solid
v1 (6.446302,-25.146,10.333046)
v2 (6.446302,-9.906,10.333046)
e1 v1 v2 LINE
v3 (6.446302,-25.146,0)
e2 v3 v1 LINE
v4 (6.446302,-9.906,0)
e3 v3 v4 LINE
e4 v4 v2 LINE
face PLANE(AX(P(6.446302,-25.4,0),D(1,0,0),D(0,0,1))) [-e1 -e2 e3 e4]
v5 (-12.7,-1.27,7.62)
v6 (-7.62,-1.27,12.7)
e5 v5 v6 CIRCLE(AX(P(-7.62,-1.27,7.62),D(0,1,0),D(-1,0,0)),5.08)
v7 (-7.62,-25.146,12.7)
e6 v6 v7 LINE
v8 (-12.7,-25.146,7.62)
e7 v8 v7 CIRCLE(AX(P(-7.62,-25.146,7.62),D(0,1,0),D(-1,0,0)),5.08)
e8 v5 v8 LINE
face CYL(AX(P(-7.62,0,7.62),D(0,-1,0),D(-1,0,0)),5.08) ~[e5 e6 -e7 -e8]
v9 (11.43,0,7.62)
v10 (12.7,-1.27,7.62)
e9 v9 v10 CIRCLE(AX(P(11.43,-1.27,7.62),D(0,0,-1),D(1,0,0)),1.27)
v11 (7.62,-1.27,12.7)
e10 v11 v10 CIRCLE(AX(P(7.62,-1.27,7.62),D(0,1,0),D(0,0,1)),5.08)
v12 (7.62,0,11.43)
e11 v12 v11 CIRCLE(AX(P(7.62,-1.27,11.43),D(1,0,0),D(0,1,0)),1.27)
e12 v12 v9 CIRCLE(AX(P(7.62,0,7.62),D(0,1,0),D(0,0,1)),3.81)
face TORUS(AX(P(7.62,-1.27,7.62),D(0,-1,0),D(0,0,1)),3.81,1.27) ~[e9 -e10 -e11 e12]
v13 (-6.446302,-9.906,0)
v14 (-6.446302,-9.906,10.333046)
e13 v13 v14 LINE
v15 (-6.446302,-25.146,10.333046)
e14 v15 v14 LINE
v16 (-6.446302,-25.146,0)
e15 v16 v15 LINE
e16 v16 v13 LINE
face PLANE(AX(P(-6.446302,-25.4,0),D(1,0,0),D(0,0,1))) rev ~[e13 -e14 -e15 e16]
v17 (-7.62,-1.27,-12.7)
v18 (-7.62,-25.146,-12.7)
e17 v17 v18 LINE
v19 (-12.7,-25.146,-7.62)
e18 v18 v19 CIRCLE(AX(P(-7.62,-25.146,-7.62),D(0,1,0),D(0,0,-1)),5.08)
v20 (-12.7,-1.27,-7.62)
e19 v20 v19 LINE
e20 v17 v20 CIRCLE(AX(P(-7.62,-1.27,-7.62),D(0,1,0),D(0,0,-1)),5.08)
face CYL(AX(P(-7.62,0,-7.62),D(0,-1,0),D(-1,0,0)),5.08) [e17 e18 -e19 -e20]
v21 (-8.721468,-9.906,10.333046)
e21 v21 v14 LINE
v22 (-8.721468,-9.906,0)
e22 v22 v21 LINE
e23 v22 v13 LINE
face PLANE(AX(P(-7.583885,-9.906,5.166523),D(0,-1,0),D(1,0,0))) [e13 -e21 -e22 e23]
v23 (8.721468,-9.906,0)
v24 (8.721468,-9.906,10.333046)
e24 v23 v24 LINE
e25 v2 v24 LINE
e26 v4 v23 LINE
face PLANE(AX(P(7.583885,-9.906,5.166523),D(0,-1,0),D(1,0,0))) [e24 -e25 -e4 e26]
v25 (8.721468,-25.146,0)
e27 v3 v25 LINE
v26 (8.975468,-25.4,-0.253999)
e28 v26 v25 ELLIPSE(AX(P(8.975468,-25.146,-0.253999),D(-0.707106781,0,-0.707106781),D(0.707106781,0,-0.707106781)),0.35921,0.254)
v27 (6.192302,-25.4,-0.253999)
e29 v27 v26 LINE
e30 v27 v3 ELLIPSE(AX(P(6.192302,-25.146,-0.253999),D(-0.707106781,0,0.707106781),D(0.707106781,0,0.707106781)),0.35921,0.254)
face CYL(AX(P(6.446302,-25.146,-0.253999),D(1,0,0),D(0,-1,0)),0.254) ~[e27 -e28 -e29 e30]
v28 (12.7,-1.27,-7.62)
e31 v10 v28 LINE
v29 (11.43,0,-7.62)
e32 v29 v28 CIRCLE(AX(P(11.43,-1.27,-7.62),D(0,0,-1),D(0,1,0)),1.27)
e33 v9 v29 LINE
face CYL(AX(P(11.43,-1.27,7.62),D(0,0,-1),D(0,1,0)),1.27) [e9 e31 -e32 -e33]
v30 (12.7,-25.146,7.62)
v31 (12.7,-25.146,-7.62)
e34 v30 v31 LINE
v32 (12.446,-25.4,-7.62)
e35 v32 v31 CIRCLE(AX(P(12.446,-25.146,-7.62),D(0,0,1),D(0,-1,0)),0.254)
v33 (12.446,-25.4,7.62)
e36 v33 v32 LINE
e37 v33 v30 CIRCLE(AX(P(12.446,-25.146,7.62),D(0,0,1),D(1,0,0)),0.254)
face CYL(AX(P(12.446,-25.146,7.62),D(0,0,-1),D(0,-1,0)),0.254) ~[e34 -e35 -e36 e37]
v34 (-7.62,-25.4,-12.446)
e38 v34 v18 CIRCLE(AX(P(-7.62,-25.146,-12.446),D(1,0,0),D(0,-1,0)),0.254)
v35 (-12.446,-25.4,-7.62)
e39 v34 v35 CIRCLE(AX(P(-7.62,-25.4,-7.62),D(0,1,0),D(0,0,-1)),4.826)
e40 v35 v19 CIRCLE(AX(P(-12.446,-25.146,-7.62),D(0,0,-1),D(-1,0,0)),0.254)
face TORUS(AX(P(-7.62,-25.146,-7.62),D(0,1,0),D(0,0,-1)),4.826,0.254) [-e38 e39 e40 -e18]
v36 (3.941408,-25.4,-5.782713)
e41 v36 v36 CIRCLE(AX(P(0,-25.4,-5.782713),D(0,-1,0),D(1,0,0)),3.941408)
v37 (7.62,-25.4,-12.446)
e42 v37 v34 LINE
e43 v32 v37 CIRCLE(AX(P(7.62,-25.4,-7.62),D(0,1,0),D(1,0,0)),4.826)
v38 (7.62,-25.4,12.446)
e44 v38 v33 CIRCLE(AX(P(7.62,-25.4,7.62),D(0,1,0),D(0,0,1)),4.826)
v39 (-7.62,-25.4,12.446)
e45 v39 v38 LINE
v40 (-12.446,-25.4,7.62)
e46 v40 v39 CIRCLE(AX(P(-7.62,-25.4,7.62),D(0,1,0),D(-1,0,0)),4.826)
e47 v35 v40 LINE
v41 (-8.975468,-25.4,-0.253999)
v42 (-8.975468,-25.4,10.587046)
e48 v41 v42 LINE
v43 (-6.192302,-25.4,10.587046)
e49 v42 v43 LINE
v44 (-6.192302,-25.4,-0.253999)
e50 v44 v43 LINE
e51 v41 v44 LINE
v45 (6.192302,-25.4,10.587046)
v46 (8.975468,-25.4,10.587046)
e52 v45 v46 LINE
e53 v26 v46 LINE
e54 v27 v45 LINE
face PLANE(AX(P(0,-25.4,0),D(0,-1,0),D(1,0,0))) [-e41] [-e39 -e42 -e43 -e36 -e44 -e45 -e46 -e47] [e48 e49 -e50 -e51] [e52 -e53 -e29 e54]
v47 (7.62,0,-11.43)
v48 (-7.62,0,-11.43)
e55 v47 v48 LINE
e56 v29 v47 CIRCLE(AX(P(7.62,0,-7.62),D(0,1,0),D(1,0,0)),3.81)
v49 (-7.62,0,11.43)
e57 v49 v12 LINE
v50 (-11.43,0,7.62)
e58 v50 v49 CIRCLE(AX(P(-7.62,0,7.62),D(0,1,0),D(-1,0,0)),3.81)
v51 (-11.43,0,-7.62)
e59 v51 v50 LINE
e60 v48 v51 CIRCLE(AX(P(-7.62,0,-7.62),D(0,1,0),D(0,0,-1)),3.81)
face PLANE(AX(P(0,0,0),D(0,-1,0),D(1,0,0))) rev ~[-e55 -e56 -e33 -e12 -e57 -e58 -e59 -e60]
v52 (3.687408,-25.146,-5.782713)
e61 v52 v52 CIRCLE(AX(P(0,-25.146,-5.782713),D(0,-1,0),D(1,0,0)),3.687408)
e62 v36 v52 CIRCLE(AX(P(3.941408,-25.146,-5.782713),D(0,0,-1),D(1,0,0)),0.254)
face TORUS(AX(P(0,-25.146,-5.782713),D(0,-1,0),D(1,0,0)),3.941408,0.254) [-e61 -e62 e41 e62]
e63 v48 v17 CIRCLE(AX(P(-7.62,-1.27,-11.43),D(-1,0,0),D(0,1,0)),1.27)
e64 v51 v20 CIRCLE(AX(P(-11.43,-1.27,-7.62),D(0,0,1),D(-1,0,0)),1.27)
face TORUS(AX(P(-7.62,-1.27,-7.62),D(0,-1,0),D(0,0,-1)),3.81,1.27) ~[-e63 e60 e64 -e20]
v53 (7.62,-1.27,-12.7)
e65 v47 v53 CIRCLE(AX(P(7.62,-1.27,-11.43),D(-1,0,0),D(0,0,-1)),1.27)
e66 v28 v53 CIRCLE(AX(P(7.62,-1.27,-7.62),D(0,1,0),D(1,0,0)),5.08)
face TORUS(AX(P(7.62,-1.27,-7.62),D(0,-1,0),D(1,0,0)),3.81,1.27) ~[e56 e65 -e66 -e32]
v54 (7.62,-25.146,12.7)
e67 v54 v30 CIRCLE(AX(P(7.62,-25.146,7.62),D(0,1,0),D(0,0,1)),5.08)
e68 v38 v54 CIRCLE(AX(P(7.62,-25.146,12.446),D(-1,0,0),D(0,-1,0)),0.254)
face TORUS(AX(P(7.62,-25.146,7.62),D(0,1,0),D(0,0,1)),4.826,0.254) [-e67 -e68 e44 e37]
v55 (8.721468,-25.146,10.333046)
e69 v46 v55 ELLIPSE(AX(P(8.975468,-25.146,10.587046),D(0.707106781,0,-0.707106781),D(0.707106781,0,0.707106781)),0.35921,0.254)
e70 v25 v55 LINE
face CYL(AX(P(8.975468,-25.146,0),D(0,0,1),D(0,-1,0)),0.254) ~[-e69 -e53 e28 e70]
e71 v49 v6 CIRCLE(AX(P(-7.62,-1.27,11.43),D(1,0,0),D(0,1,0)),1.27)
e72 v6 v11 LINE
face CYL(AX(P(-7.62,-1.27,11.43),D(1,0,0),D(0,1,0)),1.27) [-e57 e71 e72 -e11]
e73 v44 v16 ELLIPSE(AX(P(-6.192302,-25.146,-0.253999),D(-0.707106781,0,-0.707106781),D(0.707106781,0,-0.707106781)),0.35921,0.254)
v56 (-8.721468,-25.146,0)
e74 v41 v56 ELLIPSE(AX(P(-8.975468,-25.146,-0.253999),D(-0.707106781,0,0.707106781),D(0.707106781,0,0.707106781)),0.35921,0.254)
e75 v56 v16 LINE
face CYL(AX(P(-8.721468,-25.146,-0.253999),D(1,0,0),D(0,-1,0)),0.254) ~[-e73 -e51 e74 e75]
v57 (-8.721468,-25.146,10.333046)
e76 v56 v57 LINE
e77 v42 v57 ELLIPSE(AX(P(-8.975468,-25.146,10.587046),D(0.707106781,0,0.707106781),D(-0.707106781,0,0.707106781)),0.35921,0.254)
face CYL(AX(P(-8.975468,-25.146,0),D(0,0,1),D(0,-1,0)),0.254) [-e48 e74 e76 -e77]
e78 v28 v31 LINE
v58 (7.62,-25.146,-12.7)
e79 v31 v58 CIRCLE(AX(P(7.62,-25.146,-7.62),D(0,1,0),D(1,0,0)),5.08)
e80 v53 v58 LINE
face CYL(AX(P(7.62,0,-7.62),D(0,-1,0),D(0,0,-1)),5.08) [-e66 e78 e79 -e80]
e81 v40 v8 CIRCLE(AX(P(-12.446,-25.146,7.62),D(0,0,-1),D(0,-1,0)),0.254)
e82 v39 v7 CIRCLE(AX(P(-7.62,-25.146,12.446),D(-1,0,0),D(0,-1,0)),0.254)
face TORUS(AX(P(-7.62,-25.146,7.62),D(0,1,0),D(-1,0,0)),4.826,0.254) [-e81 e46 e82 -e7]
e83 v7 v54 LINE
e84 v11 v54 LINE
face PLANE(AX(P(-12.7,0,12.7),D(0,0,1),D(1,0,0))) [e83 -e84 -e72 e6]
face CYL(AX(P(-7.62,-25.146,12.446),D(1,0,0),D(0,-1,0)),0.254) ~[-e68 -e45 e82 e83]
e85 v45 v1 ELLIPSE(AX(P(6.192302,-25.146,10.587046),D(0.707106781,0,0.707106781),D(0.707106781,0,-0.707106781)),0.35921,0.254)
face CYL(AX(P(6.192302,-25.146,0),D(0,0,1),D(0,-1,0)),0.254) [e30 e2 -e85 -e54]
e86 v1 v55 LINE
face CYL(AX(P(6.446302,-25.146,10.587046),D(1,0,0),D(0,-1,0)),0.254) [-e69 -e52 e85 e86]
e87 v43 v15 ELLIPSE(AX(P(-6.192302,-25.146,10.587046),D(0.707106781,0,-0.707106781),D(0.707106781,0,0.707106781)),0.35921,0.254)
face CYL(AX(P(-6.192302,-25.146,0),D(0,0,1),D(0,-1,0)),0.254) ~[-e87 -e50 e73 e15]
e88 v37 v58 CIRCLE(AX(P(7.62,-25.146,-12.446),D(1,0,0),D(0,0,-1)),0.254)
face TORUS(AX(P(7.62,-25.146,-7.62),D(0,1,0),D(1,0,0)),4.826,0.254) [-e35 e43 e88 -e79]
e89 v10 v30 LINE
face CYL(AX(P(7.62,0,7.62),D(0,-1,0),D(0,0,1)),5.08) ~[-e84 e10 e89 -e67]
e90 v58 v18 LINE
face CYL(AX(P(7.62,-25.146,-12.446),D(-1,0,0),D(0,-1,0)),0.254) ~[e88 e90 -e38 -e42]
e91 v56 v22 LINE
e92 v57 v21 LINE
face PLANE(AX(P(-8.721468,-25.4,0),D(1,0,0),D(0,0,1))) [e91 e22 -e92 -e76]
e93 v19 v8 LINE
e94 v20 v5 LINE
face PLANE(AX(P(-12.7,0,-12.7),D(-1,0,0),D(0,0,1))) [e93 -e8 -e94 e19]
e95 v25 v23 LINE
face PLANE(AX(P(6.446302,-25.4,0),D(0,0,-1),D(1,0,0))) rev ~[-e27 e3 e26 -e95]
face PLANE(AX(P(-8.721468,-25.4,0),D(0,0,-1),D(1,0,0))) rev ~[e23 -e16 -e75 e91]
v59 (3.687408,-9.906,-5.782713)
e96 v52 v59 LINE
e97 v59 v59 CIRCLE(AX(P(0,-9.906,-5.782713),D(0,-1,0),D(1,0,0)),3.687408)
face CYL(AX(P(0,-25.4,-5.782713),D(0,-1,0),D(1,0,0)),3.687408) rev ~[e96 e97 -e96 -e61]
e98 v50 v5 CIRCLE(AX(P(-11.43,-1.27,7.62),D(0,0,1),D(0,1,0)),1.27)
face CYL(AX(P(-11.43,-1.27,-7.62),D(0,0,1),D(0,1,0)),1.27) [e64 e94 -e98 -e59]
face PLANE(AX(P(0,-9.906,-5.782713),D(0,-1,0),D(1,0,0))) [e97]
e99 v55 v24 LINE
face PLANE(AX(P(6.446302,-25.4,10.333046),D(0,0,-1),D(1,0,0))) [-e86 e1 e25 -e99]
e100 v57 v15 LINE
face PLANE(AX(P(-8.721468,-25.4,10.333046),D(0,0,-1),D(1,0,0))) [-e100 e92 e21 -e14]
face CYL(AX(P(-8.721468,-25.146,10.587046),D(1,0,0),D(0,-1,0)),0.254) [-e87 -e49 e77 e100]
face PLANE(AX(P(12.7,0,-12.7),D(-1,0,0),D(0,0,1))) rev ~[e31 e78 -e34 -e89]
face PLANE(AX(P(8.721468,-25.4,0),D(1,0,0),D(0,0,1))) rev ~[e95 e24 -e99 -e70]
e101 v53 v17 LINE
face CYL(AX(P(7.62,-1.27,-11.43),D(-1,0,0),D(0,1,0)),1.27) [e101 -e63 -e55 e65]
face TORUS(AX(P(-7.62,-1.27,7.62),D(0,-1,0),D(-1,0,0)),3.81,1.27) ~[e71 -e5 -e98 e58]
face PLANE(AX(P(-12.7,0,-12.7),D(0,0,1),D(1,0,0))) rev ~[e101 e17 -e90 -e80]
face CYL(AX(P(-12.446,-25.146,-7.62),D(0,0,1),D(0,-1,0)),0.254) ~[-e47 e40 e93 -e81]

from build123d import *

# Parameters (mm, degrees)
F0_W     = 25.4
F0_H     = 25.4
F1_DEPTH = 25.4
F2_W     = 2.275166
F2_H     = 10.333045
F2_R     = 3.687408
F3_DEPTH = 15.494
F4_R     = 5.08
F5_R     = 1.27
F6_R     = 0.254


with BuildPart() as f1:
    # F0 (on Front) → F1 (new body)
    with BuildSketch(Plane.XZ):
        Rectangle(F0_W, F0_H)
    extrude(amount=F1_DEPTH)

    # F2 (on face) → F3 (cut)
    with BuildSketch(Plane.XZ.offset(25.4)):
        with Locations((-7.583885, 5.166523)):
            Rectangle(F2_W, F2_H)
        with Locations((7.583885, 5.166523)):
            Rectangle(F2_W, F2_H)
        with Locations((0, -5.782713)):
            Circle(F2_R)
    extrude(amount=-F3_DEPTH, mode=Mode.SUBTRACT)

    # F4
    f4_edges = [f1.edges().sort_by_distance(p)[0] for p in [
        (-12.7, -12.7, 12.7),
        (12.7, -12.7, 12.7),
        (-12.7, -12.7, -12.7),
        (12.7, -12.7, -12.7),
    ]]
    fillet(f4_edges, radius=F4_R)

    # F5
    f5_edges = [f1.edges().sort_by_distance(p)[0] for p in [
        (0, 0, 12.7),
        (11.212102, 0, 11.212102),
        (-11.212102, 0, 11.212102),
        (12.7, 0, 0),
        (-12.7, 0, 0),
        (11.212102, 0, -11.212102),
        (-11.212102, 0, -11.212102),
        (0, 0, -12.7),
    ]]
    fillet(f5_edges, radius=F5_R)

    # F6
    f6_edges = [f1.edges().sort_by_distance(p)[0] for p in [
        (0, -25.4, 12.7),
        (11.212102, -25.4, 11.212102),
        (-11.212102, -25.4, 11.212102),
        (12.7, -25.4, 0),
        (-12.7, -25.4, 0),
        (11.212102, -25.4, -11.212102),
        (-11.212102, -25.4, -11.212102),
        (0, -25.4, -12.7),
        (-3.687408, -25.4, -5.782713),
        (-8.721468, -25.4, 5.166523),
        (-7.583885, -25.4, 0),
        (-6.446302, -25.4, 5.166523),
        (-7.583885, -25.4, 10.333045),
        (7.583885, -25.4, 10.333045),
        (6.446302, -25.4, 5.166523),
        (7.583885, -25.4, 0),
        (8.721468, -25.4, 5.166523),
    ]]
    fillet(f6_edges, radius=F6_R)


solid = f1.part
